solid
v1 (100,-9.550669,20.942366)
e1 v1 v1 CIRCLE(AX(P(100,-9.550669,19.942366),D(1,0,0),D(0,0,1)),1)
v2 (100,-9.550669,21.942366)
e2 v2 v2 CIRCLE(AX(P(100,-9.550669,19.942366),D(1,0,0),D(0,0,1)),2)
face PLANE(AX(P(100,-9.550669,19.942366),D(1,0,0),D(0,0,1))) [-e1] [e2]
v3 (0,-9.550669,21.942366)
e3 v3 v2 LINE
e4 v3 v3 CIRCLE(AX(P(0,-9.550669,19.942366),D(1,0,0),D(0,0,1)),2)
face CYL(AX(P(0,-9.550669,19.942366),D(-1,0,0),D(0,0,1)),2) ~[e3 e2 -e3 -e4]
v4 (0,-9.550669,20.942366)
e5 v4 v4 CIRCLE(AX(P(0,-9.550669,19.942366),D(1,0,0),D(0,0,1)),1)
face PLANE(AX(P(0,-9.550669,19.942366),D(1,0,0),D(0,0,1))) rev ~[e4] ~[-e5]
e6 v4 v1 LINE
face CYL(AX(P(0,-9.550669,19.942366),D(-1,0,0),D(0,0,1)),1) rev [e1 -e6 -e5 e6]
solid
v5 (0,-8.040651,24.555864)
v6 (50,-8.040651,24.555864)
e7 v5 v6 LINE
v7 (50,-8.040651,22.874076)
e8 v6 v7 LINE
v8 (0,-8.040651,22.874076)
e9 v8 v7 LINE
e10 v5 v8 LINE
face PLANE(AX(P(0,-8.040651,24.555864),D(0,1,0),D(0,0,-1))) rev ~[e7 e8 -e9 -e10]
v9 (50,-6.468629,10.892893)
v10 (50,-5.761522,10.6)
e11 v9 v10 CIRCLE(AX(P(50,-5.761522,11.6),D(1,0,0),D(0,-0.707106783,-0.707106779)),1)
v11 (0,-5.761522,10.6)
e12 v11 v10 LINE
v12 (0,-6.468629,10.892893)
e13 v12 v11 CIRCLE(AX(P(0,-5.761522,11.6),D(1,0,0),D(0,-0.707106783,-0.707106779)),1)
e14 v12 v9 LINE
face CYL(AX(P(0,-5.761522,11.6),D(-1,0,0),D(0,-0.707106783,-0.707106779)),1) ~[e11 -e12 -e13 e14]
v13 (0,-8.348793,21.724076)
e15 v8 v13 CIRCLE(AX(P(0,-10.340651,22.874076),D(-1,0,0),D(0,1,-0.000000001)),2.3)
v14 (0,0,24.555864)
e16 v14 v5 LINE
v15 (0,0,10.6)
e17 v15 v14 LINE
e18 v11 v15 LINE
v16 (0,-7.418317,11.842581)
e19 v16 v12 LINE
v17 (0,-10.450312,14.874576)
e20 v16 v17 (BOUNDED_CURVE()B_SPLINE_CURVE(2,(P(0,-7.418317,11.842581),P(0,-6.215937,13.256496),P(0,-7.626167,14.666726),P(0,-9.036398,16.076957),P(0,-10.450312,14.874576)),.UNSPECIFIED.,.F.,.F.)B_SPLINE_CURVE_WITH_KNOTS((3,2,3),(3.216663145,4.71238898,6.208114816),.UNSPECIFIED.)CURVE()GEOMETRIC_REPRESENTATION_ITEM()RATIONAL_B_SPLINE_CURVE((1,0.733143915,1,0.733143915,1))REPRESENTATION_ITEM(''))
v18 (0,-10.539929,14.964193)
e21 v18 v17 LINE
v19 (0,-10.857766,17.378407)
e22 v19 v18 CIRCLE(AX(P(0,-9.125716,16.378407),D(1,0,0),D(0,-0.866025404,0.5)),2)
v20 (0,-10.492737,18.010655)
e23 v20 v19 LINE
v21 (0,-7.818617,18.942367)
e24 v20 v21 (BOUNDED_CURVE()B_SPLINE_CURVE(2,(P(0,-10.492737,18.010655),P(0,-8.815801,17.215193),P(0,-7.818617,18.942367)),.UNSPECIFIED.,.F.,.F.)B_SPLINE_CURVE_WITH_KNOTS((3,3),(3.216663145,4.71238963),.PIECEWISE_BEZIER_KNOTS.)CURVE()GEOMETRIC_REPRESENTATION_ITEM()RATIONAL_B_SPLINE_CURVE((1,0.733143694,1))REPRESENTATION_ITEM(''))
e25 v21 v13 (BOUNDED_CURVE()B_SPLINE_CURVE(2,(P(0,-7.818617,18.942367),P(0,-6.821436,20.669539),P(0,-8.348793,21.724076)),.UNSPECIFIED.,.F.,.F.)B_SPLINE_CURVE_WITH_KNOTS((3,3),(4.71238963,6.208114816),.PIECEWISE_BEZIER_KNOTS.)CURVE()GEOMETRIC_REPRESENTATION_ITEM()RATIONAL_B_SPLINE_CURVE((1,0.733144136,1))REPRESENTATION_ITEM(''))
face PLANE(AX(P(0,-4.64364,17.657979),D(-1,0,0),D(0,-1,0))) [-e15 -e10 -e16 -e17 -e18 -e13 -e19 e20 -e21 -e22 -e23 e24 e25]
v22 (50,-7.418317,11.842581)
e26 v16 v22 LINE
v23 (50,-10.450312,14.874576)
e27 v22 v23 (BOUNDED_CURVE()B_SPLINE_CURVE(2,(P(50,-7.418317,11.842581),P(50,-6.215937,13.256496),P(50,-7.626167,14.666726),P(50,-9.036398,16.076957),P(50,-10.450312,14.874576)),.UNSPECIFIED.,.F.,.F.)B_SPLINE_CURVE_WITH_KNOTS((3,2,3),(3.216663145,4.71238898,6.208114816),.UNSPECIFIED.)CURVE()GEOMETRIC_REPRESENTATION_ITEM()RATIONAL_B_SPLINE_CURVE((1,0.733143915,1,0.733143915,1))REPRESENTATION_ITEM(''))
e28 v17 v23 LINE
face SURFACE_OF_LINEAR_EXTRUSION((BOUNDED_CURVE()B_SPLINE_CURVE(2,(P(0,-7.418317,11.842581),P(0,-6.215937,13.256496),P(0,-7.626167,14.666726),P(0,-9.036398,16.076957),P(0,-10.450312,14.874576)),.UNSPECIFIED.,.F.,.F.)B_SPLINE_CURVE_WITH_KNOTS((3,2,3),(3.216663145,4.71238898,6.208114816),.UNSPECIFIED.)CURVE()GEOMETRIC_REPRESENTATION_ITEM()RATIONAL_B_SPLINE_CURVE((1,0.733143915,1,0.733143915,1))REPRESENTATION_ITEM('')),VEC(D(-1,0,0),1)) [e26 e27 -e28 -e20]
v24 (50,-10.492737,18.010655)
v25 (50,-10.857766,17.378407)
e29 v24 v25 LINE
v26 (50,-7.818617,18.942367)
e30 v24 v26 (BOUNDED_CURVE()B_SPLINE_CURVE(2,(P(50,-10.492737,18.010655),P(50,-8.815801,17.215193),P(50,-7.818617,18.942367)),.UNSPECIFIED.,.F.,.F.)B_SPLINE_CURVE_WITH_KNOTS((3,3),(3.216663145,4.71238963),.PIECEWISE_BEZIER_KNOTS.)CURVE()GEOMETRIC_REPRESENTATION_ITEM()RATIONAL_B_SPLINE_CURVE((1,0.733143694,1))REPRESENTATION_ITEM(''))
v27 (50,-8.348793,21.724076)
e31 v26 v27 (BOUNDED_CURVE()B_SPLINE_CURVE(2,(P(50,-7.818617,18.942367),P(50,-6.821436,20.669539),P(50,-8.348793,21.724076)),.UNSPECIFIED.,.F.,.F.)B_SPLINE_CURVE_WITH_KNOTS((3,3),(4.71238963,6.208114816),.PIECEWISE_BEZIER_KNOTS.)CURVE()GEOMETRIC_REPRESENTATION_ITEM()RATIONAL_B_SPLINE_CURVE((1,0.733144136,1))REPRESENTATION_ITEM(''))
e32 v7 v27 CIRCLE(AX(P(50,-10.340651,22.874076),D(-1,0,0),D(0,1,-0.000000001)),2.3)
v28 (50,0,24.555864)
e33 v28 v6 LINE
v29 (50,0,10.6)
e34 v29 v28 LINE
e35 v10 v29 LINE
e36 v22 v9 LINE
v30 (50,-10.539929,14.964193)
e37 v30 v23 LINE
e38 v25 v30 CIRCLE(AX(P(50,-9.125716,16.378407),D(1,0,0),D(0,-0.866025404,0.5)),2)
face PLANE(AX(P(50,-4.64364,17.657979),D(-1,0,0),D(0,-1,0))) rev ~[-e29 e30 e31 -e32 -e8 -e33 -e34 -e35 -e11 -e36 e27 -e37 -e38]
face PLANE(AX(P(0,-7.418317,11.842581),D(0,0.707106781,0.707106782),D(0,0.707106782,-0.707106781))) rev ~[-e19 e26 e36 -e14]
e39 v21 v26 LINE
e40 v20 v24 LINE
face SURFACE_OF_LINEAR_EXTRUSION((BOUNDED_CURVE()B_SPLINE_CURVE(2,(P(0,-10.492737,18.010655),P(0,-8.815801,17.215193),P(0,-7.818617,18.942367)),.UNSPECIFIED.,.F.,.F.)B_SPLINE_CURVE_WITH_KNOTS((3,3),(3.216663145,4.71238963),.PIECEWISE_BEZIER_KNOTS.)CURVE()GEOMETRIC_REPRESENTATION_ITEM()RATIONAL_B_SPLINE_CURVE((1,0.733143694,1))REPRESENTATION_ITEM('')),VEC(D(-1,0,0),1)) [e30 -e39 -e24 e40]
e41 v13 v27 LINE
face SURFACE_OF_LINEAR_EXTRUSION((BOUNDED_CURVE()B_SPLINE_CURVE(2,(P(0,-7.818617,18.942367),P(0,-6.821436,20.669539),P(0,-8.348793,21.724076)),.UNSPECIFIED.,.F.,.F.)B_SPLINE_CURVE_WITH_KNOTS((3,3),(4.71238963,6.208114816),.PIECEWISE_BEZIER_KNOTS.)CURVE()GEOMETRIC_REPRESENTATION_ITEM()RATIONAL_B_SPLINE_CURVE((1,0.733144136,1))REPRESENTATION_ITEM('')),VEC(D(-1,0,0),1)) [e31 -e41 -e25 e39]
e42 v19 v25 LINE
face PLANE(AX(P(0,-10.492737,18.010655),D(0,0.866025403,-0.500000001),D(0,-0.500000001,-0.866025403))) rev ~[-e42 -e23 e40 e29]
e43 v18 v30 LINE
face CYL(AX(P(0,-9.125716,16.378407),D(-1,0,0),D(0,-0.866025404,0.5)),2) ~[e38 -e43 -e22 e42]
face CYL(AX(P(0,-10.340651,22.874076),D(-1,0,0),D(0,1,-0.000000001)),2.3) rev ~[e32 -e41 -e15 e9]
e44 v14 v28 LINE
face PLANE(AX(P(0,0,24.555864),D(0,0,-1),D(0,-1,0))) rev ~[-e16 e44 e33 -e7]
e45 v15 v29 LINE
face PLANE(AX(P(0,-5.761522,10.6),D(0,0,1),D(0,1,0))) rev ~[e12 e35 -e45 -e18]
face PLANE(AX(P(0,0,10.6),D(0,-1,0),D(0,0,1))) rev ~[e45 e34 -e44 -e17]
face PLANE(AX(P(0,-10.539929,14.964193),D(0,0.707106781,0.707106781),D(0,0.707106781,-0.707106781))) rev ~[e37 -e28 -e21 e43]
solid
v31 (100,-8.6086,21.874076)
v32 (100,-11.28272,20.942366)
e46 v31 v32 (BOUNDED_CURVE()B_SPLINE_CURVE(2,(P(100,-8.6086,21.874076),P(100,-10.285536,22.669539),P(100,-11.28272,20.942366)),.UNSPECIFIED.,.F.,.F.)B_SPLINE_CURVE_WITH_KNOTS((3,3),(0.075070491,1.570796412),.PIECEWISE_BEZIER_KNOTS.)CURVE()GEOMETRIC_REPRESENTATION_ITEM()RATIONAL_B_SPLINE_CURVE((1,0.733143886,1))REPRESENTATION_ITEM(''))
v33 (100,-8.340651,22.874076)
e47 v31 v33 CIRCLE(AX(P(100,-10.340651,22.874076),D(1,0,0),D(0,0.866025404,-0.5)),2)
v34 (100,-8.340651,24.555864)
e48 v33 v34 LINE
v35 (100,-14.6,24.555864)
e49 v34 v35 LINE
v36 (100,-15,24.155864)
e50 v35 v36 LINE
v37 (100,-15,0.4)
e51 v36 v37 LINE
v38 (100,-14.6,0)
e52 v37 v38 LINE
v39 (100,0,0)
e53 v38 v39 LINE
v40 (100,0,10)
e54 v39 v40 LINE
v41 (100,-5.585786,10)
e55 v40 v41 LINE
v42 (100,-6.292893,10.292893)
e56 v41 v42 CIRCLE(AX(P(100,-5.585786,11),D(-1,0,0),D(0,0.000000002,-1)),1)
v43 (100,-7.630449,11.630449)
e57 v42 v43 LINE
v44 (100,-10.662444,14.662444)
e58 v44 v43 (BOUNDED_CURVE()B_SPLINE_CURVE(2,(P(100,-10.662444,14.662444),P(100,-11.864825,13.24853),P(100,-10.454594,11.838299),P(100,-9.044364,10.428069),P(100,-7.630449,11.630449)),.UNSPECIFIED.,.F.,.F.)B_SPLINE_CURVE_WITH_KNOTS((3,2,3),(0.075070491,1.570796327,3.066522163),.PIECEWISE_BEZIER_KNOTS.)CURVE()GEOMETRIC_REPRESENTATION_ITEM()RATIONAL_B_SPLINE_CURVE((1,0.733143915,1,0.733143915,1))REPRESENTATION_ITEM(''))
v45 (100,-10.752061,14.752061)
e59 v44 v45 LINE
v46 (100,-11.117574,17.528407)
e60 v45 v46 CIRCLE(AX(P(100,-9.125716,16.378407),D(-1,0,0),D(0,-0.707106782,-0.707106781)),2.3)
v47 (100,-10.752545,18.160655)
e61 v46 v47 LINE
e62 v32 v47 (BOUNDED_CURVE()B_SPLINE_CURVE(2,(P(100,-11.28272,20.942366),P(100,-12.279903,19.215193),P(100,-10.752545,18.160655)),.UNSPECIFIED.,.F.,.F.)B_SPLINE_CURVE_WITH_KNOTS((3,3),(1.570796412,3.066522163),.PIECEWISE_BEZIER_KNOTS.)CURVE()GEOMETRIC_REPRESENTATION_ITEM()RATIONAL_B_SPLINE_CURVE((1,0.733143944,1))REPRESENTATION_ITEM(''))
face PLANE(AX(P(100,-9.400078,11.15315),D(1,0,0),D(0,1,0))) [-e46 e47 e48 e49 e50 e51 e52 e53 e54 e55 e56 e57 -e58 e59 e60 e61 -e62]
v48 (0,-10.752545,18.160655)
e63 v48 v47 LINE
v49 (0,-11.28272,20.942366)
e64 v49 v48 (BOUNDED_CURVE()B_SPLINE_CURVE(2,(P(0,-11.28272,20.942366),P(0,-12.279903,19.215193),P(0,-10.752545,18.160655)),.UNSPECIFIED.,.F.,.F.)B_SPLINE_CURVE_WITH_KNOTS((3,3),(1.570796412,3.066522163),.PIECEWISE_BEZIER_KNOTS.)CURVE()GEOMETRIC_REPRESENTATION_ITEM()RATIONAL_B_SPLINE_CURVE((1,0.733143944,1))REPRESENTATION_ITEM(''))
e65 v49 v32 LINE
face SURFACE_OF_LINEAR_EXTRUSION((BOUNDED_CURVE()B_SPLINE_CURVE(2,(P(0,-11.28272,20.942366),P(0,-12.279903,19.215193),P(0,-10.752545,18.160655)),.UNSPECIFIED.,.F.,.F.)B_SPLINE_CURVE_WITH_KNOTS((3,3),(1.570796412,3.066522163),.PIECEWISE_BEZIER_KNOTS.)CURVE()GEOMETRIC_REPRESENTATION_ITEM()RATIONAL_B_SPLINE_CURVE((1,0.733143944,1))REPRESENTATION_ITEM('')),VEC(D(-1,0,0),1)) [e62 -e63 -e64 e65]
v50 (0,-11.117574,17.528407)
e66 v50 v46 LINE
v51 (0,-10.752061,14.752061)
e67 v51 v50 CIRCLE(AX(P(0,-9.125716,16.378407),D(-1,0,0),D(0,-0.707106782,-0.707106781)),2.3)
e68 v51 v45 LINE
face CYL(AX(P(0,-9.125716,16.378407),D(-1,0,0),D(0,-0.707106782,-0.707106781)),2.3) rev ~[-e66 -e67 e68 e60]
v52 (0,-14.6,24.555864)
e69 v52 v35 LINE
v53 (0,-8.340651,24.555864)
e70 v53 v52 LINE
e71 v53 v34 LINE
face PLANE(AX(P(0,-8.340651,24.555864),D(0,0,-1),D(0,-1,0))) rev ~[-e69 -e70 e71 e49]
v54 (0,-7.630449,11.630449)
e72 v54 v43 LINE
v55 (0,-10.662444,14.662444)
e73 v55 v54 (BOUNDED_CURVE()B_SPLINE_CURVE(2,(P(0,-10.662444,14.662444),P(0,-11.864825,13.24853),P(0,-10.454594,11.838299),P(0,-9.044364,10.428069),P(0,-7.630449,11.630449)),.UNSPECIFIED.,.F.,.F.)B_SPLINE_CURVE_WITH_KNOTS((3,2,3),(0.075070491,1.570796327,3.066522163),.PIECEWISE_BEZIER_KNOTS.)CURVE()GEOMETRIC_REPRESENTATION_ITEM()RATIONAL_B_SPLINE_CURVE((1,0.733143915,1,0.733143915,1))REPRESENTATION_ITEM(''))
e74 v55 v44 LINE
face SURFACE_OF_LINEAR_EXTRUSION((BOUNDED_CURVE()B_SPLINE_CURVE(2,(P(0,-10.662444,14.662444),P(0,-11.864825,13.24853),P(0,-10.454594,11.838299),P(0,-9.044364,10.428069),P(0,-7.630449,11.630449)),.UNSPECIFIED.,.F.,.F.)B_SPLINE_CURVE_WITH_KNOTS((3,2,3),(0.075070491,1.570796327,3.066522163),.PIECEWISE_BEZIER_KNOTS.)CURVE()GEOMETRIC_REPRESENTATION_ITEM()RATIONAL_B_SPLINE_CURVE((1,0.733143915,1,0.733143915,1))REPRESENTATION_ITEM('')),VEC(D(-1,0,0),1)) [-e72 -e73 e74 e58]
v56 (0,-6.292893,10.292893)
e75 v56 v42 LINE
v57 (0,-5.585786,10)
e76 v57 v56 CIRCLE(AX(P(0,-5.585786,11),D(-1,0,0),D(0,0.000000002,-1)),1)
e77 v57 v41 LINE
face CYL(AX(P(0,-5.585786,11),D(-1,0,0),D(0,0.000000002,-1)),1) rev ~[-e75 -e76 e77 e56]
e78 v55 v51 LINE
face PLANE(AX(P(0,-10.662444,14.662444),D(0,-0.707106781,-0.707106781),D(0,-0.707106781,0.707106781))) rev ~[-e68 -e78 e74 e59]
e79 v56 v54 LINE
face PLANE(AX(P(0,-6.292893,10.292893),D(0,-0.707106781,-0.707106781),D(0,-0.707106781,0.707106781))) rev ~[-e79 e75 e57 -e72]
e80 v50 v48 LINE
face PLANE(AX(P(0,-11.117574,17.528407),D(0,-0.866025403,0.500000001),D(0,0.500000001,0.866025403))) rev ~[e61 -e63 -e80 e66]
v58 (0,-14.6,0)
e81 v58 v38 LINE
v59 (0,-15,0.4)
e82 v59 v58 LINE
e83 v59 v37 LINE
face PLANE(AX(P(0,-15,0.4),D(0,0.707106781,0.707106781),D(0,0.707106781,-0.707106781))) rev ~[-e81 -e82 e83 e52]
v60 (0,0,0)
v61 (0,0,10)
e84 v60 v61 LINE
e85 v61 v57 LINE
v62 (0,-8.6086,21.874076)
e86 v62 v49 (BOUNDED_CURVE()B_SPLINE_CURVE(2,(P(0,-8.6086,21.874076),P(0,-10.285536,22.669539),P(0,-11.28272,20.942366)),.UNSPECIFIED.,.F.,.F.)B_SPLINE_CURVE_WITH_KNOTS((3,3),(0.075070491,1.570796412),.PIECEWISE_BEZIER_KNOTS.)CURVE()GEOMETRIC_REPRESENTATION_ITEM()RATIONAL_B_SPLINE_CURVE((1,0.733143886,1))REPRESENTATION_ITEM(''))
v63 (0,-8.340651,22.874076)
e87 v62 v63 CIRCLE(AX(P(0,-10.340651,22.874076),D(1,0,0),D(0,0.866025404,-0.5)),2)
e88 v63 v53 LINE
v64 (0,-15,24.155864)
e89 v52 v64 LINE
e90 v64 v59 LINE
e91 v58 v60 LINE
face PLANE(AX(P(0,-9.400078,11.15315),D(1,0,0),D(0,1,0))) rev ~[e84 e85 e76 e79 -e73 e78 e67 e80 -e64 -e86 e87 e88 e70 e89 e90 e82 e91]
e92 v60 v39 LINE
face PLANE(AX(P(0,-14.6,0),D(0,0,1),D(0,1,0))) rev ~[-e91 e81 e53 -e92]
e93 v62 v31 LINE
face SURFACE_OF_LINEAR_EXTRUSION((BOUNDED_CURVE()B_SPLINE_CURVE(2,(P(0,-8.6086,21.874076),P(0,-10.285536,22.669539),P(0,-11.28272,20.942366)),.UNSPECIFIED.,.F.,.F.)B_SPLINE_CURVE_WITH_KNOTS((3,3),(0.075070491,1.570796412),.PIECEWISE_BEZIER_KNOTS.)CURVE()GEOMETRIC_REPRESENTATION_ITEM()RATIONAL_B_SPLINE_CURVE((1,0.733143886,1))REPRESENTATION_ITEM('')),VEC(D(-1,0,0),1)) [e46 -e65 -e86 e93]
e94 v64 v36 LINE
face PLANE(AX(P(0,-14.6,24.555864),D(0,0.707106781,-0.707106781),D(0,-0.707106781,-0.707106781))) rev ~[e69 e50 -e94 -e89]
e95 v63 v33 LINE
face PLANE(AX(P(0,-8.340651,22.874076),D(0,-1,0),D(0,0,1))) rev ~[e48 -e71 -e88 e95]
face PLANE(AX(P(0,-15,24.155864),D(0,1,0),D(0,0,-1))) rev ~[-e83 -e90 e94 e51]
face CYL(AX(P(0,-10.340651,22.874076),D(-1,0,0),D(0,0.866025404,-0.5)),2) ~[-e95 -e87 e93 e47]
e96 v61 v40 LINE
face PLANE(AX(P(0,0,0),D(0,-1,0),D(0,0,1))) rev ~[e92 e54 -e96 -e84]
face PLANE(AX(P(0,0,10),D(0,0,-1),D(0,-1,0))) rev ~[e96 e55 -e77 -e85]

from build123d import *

# Parameters (mm, degrees)
BOSS_EXTRUDE1_DEPTH = 100
BOSS_EXTRUDE2_DEPTH = 50
SKETCH1_4_R         = 2
SKETCH1_4_R_2       = 1
BOSS_EXTRUDE3_DEPTH = 100


with BuildPart() as part:
    # Sketch1 → Boss-Extrude1 (new body)
    with BuildSketch(Plane.YZ):
        with BuildLine():
            Line((-14.6, 0), (0, 0))
            Line((0, 0), (0, 10))
            Line((0, 10), (-5.585786438, 10))
            ThreePointArc((-5.585786438, 10), (-5.96846987, 10.076120467), (-6.292893219, 10.292893219))
            Line((-6.292893219, 10.292893219), (-7.630448846, 11.630448846))
            add(Edge.make_bspline(
                [(-10.662444373, 14.662444373), (-11.864824632, 13.248529542), (-10.454594155, 11.838299064), (-9.044363677, 10.428068587), (-7.630448846, 11.630448846)],
                knots=[0.075070491, 0.075070491, 0.075070491, 1.570796327, 1.570796327, 3.066522163, 3.066522163, 3.066522163], degree=2, weights=[1, 0.733143915, 1, 0.733143915, 1]))
            Line((-10.662444373, 14.662444373), (-10.752061132, 14.752061132))
            Line((-10.752061132, 14.752061132), (-12, 16))
            Line((-12, 16), (-11.117573964, 17.528406729))
            Line((-11.117573964, 17.528406729), (-10.75254502, 18.160655405))
            add(Edge.make_bspline(
                [(-11.282719811, 20.942365731), (-12.279903121, 19.215193255), (-10.75254502, 18.160655405)],
                knots=[1.570796412, 1.570796412, 1.570796412, 3.066522163, 3.066522163, 3.066522163], degree=2, weights=[1, 0.733143944, 1]))
            add(Edge.make_bspline(
                [(-8.608600423, 21.874076377), (-10.285536329, 22.669538504), (-11.282719811, 20.942365731)],
                knots=[0.075070491, 0.075070491, 0.075070491, 1.570796412, 1.570796412, 1.570796412], degree=2, weights=[1, 0.733143886, 1]))
            ThreePointArc((-8.608600423, 21.874076377), (-8.408799578, 22.356438286), (-8.34065123, 22.874076377))
            Line((-8.34065123, 22.874076377), (-8.34065123, 24.555864176))
            Line((-8.34065123, 24.555864176), (-14.6, 24.555864176))
            Line((-14.6, 24.555864176), (-15, 24.155864176))
            Line((-15, 24.155864176), (-15, 0.4))
            Line((-15, 0.4), (-14.6, 0))
        make_face()
        with BuildLine():
            Line((-12, 16), (-10.752061132, 14.752061132))
            ThreePointArc((-10.752061132, 14.752061132), (-11.406038716, 16.078196486), (-11.117573964, 17.528406729))
            Line((-11.117573964, 17.528406729), (-12, 16))
        make_face()
    extrude(amount=BOSS_EXTRUDE1_DEPTH)


with BuildPart() as body_2:
    # Sketch1<3> → Boss-Extrude2 (new body)
    with BuildSketch(Plane.YZ):
        with BuildLine():
            add(Edge.make_bspline(
                [(-7.418316812, 11.84258088), (-6.215936552, 13.256495711), (-7.62616703, 14.666726189), (-9.036397507, 16.076956667), (-10.450312338, 14.874576407)],
                knots=[3.216663145, 3.216663145, 3.216663145, 4.71238898, 4.71238898, 6.208114816, 6.208114816, 6.208114816], degree=2, weights=[1, 0.733143915, 1, 0.733143915, 1]))
            Line((-7.418316812, 11.84258088), (-6.46862915, 10.892893219))
            ThreePointArc((-6.46862915, 10.892893219), (-6.144205801, 10.676120467), (-5.761522369, 10.6))
            Line((-5.761522369, 10.6), (0, 10.6))
            Line((0, 10.6), (0, 24.555864176))
            Line((0, 24.555864176), (-7.060269515, 24.555864176))
            Line((-7.060269515, 24.555864176), (-8.04065123, 24.555864176))
            Line((-8.04065123, 24.555864176), (-8.04065123, 22.874076377))
            ThreePointArc((-8.04065123, 22.874076377), (-8.11902183, 22.278792573), (-8.348792802, 21.724076377))
            add(Edge.make_bspline(
                [(-7.818617405, 18.9423671), (-6.821435564, 20.669539122), (-8.348792802, 21.724076377)],
                knots=[4.71238963, 4.71238963, 4.71238963, 6.208114816, 6.208114816, 6.208114816], degree=2, weights=[1, 0.733144136, 1]))
            add(Edge.make_bspline(
                [(-10.492737399, 18.010655405), (-8.815800545, 17.215192828), (-7.818617405, 18.9423671)],
                knots=[3.216663145, 3.216663145, 3.216663145, 4.71238963, 4.71238963, 4.71238963], degree=2, weights=[1, 0.733143694, 1]))
            Line((-10.492737399, 18.010655405), (-10.857766343, 17.378406729))
            ThreePointArc((-10.857766343, 17.378406729), (-11.108605258, 16.117354344), (-10.539929097, 14.964193166))
            Line((-10.539929097, 14.964193166), (-10.450312338, 14.874576407))
        make_face()
    extrude(amount=BOSS_EXTRUDE2_DEPTH)


with BuildPart() as body_3:
    # Sketch1<4> → Boss-Extrude3 (new body)
    with BuildSketch(Plane.YZ):
        with Locations(Location((-9.550668911, 19.942365891, 0), (0, 0, 90))):
            Circle(SKETCH1_4_R)
        with Locations(Location((-9.550668911, 19.942365891, 0), (0, 0, 90))):
            Circle(SKETCH1_4_R_2, mode=Mode.SUBTRACT)
    extrude(amount=BOSS_EXTRUDE3_DEPTH)


solid = Compound([part.part, body_2.part, body_3.part])
